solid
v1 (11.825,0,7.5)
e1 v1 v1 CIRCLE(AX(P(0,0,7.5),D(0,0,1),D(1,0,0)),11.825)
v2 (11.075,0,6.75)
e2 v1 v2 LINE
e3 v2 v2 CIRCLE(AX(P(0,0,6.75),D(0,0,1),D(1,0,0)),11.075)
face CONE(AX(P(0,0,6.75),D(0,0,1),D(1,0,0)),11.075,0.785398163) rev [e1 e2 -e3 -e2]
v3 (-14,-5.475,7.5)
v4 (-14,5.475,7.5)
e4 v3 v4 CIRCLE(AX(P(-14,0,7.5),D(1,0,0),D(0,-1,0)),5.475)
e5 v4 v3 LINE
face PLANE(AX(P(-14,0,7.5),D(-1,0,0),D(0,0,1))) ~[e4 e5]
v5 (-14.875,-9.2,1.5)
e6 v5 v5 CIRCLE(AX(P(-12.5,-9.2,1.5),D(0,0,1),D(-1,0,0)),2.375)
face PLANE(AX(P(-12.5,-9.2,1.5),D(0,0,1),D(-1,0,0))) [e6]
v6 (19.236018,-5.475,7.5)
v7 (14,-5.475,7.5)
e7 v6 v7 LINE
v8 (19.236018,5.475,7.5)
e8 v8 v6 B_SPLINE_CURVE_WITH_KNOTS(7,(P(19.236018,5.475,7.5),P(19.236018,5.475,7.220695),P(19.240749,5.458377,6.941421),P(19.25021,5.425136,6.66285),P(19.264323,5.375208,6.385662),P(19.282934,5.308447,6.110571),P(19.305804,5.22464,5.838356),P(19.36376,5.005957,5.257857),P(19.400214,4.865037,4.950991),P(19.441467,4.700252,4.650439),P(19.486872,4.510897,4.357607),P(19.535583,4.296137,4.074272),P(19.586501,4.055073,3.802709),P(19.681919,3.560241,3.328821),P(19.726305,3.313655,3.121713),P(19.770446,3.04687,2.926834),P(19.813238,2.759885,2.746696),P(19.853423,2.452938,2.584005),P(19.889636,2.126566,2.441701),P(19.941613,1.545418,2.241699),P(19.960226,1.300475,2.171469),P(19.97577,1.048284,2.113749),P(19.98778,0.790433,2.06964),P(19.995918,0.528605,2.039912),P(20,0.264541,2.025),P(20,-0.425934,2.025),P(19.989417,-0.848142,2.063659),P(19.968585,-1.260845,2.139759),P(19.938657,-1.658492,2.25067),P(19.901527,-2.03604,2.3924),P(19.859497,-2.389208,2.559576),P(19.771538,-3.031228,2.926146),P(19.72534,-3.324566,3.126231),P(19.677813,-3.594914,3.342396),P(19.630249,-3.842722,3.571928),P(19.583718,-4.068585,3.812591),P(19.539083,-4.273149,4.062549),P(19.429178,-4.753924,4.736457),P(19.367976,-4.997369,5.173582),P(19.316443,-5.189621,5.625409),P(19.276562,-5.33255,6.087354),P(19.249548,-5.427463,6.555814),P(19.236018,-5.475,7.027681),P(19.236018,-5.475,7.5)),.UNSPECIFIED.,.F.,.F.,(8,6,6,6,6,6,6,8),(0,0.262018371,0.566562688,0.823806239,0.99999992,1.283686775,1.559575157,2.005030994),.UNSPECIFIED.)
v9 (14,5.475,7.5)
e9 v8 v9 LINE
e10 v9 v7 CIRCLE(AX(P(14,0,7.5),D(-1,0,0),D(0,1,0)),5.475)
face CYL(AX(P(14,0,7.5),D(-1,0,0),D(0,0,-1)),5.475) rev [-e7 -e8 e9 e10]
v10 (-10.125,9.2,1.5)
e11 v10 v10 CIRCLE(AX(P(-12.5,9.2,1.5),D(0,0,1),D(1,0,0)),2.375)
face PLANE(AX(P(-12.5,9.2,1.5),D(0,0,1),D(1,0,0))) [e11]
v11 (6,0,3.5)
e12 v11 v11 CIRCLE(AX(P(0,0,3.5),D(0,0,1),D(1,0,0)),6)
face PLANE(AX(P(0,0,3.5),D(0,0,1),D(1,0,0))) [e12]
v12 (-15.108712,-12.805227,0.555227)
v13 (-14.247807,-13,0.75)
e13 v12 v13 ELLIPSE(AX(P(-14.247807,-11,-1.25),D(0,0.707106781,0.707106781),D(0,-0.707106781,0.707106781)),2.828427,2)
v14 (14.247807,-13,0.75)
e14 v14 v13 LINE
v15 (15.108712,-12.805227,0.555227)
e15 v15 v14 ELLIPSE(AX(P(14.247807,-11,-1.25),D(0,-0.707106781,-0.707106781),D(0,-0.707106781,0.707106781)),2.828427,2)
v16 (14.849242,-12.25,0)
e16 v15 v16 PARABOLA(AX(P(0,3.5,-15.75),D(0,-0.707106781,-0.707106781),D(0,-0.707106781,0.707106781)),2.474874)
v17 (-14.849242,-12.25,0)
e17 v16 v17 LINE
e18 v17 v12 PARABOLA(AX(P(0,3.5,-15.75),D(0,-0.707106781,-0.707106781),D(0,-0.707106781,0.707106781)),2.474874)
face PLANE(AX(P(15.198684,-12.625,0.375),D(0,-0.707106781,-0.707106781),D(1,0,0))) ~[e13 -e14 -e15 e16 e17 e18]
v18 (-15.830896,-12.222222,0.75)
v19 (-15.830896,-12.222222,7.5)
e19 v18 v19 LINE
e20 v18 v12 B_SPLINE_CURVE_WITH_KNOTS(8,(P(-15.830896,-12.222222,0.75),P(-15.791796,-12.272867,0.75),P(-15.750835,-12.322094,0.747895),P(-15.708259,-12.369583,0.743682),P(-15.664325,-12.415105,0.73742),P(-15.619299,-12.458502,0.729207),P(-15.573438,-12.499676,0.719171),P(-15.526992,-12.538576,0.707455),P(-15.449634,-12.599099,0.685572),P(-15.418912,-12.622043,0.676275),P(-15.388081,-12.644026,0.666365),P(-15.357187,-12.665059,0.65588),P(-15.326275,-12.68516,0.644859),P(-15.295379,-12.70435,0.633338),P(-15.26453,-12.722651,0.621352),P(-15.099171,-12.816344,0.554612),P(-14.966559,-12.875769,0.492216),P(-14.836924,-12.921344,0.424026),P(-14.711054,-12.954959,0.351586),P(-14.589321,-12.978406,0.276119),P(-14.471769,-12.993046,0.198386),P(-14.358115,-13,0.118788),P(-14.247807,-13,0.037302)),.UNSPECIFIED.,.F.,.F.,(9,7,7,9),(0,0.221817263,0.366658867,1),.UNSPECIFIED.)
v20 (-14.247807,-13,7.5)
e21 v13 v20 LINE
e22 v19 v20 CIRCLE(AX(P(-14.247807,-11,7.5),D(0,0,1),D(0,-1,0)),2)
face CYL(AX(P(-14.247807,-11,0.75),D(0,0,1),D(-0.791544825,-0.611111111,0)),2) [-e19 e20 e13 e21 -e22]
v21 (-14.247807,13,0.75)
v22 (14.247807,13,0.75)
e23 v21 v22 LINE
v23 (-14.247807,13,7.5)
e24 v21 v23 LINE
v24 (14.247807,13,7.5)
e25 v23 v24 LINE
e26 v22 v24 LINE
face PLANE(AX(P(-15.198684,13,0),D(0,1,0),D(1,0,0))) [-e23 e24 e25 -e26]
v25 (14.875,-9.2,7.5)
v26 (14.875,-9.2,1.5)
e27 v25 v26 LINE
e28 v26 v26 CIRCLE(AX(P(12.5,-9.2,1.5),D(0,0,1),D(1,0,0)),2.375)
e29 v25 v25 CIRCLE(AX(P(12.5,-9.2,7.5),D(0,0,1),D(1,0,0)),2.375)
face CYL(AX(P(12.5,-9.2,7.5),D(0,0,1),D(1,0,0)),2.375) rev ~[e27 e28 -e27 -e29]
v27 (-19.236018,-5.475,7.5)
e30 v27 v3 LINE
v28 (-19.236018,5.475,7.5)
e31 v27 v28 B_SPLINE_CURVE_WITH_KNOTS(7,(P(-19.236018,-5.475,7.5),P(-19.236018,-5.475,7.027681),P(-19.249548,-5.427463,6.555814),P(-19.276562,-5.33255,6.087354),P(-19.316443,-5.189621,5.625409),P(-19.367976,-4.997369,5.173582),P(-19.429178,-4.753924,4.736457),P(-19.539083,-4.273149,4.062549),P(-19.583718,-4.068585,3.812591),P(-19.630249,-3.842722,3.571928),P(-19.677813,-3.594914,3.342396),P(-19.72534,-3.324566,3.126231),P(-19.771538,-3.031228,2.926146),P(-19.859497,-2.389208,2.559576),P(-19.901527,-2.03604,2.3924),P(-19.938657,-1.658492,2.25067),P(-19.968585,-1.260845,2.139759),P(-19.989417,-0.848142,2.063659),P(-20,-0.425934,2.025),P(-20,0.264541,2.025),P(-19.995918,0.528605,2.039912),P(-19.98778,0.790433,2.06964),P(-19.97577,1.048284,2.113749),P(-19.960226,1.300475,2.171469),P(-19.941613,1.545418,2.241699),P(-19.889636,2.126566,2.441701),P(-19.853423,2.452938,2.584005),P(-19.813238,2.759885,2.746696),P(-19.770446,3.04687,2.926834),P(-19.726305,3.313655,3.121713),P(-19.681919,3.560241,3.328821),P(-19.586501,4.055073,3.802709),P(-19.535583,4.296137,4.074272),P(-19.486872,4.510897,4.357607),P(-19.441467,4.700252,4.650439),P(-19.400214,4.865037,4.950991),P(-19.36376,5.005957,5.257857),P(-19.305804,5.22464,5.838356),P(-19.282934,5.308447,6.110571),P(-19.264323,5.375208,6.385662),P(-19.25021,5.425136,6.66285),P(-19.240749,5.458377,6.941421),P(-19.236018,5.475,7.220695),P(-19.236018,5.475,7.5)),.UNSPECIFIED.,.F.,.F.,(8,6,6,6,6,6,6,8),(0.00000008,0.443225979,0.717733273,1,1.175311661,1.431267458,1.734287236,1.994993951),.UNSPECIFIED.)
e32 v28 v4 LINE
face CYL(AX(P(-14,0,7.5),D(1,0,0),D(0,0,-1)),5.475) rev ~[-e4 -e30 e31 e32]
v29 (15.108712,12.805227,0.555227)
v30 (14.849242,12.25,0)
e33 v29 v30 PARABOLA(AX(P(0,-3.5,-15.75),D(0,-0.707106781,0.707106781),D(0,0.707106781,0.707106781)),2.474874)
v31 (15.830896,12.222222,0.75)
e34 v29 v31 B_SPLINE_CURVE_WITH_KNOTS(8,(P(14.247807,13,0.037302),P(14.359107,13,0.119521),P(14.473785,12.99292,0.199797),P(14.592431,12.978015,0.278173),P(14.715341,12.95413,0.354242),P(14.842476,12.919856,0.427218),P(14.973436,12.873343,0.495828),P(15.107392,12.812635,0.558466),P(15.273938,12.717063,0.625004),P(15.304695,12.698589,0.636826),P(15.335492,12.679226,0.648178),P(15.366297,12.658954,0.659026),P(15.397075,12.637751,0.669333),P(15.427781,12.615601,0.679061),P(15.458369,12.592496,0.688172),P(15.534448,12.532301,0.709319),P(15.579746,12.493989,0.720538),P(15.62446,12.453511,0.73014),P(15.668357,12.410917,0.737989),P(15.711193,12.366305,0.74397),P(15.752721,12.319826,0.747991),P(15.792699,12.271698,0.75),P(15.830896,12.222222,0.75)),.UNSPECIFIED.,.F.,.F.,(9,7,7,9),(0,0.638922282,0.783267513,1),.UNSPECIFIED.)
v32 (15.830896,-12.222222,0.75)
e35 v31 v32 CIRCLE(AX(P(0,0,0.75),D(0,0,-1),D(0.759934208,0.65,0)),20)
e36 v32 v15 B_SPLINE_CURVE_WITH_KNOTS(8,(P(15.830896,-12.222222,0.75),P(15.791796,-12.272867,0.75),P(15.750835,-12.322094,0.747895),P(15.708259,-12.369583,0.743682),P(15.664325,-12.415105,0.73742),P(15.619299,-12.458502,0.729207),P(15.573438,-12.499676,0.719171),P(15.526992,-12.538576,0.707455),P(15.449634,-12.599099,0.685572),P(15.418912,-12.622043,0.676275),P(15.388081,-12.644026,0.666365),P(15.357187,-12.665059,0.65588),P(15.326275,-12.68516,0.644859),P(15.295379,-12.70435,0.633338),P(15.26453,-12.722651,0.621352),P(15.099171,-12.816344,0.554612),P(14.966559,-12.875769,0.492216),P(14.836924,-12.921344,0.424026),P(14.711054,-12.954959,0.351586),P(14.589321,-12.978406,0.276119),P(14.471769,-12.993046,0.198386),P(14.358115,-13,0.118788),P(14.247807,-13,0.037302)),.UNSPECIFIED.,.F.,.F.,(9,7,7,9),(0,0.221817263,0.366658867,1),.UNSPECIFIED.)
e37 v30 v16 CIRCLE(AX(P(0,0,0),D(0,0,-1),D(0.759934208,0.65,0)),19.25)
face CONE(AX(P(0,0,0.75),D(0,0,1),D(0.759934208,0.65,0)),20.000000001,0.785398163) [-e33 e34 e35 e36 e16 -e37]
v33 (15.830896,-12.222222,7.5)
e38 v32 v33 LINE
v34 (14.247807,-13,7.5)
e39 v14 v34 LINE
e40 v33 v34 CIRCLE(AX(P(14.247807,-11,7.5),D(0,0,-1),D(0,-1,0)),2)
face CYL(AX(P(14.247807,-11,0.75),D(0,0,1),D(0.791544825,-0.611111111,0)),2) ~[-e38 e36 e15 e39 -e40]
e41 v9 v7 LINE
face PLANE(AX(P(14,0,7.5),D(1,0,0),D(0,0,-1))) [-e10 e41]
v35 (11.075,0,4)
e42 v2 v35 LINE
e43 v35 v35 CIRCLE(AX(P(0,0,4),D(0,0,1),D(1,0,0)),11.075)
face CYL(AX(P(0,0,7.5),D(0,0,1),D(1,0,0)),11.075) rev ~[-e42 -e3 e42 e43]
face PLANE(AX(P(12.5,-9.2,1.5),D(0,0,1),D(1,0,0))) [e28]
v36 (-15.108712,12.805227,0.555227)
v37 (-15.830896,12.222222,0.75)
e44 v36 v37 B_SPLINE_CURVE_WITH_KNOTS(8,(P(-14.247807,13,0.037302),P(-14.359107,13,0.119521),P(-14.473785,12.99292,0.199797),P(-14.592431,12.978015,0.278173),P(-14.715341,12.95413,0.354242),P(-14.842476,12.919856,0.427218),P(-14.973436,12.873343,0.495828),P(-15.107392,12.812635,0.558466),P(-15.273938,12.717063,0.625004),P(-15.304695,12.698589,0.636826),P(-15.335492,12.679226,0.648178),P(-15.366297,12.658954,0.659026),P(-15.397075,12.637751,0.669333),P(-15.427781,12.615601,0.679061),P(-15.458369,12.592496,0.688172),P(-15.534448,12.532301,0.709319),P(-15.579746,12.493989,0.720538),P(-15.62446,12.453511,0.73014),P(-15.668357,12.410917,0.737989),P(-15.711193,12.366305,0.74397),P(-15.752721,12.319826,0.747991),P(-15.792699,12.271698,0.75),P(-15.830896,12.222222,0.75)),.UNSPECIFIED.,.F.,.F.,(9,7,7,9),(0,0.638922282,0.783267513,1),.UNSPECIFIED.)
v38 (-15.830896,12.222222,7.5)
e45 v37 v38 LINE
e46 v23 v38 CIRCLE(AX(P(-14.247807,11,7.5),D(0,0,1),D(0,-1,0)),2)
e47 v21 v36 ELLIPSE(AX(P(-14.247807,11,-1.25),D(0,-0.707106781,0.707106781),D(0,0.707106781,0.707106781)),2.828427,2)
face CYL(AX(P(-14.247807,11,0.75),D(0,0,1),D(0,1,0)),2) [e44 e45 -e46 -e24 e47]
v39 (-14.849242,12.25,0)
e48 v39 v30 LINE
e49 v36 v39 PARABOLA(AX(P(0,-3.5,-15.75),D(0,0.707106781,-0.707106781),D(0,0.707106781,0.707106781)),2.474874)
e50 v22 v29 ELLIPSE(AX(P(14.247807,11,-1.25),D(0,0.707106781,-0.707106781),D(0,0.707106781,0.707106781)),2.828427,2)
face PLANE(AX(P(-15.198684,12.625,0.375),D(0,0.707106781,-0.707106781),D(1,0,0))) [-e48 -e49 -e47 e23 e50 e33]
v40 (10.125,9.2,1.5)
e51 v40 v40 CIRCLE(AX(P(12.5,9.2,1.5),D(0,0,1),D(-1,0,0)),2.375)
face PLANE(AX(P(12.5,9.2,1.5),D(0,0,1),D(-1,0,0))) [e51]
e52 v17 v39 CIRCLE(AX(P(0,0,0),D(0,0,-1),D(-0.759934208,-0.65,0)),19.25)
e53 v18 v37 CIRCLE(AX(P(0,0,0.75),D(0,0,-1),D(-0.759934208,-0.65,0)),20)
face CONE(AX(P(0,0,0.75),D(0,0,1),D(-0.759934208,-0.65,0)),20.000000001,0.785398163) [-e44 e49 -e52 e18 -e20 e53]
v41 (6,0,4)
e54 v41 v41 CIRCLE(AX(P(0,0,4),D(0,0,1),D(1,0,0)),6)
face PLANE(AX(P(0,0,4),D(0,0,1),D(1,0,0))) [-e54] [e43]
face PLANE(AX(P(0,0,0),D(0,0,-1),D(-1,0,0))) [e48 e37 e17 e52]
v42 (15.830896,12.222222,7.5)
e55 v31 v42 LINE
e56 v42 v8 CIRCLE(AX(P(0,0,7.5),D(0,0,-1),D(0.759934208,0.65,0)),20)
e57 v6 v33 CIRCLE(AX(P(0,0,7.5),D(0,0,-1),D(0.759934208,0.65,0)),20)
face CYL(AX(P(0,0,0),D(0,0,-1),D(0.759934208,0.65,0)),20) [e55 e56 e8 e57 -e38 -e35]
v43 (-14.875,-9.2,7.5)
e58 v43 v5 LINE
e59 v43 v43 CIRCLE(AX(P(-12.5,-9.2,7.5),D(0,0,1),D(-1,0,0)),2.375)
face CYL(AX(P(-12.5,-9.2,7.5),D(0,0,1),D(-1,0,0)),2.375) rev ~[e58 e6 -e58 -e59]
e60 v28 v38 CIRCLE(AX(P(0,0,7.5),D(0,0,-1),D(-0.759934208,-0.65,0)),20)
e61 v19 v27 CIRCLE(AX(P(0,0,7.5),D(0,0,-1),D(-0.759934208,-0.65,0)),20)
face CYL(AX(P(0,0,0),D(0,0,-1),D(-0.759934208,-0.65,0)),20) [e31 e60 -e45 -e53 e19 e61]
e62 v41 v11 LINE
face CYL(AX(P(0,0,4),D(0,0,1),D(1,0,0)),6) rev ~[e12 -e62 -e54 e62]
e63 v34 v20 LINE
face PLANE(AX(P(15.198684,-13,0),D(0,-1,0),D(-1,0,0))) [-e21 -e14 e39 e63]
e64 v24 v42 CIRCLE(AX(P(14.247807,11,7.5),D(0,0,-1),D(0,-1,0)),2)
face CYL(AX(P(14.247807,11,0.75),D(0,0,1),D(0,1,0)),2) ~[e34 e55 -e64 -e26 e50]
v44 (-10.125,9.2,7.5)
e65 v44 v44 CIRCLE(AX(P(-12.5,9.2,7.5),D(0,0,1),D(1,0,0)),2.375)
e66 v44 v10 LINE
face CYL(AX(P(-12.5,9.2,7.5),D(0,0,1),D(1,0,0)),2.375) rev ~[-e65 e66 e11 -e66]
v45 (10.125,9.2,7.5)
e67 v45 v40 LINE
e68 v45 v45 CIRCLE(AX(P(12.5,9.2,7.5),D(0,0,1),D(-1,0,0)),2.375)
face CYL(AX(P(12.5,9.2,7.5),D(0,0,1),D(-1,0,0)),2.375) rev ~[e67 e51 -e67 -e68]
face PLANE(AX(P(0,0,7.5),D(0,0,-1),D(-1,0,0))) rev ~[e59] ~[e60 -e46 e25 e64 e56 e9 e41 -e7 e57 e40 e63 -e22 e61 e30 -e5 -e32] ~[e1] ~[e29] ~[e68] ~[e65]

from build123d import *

# Parameters (mm, degrees)
AUFSATZ_LINEAR_AUSTRAGEN1_DEPTH = 7.5
SKIZZE2_R                       = 11.075
SCHNITT_LINEAR_AUSTRAGEN1_DEPTH = 3.5
SKIZZE3_R                       = 5.475
SCHNITT_LINEAR_AUSTRAGEN2_DEPTH = 38.165171868
SKIZZE4_R                       = 2.375
SCHNITT_LINEAR_AUSTRAGEN3_DEPTH = 6
FASE1_SIZE                      = 0.75
VERRUNDUNG1_R                   = 2
SKIZZE5_R                       = 6
SCHNITT_LINEAR_AUSTRAGEN4_DEPTH = 0.5


with BuildPart() as part:
    # Skizze1 → Aufsatz-Linear austragen1 (new body)
    with BuildSketch(Plane.XY):
        with BuildLine():
            Line((-15.198684154, 13), (15.198684154, 13))
            ThreePointArc((15.198684154, 13), (20, 0), (15.198684154, -13))
            Line((15.198684154, -13), (-15.198684154, -13))
            ThreePointArc((-15.198684154, -13), (-20, 0), (-15.198684154, 13))
        make_face()
    extrude(amount=AUFSATZ_LINEAR_AUSTRAGEN1_DEPTH)

    # Skizze2 → Schnitt-Linear austragen1 (cut)
    with BuildSketch(Plane.XY.offset(7.5)):
        Circle(SKIZZE2_R)
    extrude(amount=-SCHNITT_LINEAR_AUSTRAGEN1_DEPTH, mode=Mode.SUBTRACT)

    # Skizze3 → Schnitt-Linear austragen2 (cut, through all)
    with BuildSketch(Plane(origin=(14, 0, 0), x_dir=(0, 0, -1), z_dir=(1, 0, 0))):
        with Locations((-7.5, 0)):
            Circle(SKIZZE3_R)
    schnitt_linear_austragen2 = extrude(amount=SCHNITT_LINEAR_AUSTRAGEN2_DEPTH, mode=Mode.SUBTRACT)

    # Spiegeln1: Schnitt-Linear austragen2 across plane
    add(schnitt_linear_austragen2.mirror(Plane(origin=(0, 0, 0), x_dir=(0, 0, 1), z_dir=(1, 0, 0))), mode=Mode.SUBTRACT)

    # Skizze4 → Schnitt-Linear austragen3 (cut)
    with BuildSketch(Plane.XY.offset(7.5)):
        with Locations((-12.5, 9.2)):
            Circle(SKIZZE4_R)
        with Locations(Location((12.5, 9.2, 0), (0, 0, 180))):
            Circle(SKIZZE4_R)
        with Locations((12.5, -9.2)):
            Circle(SKIZZE4_R)
        with Locations(Location((-12.5, -9.2, 0), (0, 0, 180))):
            Circle(SKIZZE4_R)
    extrude(amount=-SCHNITT_LINEAR_AUSTRAGEN3_DEPTH, mode=Mode.SUBTRACT)

    # Fase1
    fase1_edges = [part.edges().sort_by_distance(p)[0] for p in [
        (-11.075, 0, 7.5),
        (0, 13, 0),
        (20, 0, 0),
        (0, -13, 0),
        (-20, 0, 0),
    ]]
    chamfer(fase1_edges, length=FASE1_SIZE)

    # Verrundung1
    verrundung1_edges = [part.edges().sort_by_distance(p)[0] for p in [
        (-15.198684154, -13, 4.125),
        (15.198684154, -13, 4.125),
        (15.198684154, 13, 4.125),
        (-15.198684154, 13, 4.125),
    ]]
    fillet(verrundung1_edges, radius=VERRUNDUNG1_R)

    # Skizze5 → Schnitt-Linear austragen4 (cut)
    with BuildSketch(Plane.XY.offset(4)):
        Circle(SKIZZE5_R)
    extrude(amount=-SCHNITT_LINEAR_AUSTRAGEN4_DEPTH, mode=Mode.SUBTRACT)


solid = part.part
